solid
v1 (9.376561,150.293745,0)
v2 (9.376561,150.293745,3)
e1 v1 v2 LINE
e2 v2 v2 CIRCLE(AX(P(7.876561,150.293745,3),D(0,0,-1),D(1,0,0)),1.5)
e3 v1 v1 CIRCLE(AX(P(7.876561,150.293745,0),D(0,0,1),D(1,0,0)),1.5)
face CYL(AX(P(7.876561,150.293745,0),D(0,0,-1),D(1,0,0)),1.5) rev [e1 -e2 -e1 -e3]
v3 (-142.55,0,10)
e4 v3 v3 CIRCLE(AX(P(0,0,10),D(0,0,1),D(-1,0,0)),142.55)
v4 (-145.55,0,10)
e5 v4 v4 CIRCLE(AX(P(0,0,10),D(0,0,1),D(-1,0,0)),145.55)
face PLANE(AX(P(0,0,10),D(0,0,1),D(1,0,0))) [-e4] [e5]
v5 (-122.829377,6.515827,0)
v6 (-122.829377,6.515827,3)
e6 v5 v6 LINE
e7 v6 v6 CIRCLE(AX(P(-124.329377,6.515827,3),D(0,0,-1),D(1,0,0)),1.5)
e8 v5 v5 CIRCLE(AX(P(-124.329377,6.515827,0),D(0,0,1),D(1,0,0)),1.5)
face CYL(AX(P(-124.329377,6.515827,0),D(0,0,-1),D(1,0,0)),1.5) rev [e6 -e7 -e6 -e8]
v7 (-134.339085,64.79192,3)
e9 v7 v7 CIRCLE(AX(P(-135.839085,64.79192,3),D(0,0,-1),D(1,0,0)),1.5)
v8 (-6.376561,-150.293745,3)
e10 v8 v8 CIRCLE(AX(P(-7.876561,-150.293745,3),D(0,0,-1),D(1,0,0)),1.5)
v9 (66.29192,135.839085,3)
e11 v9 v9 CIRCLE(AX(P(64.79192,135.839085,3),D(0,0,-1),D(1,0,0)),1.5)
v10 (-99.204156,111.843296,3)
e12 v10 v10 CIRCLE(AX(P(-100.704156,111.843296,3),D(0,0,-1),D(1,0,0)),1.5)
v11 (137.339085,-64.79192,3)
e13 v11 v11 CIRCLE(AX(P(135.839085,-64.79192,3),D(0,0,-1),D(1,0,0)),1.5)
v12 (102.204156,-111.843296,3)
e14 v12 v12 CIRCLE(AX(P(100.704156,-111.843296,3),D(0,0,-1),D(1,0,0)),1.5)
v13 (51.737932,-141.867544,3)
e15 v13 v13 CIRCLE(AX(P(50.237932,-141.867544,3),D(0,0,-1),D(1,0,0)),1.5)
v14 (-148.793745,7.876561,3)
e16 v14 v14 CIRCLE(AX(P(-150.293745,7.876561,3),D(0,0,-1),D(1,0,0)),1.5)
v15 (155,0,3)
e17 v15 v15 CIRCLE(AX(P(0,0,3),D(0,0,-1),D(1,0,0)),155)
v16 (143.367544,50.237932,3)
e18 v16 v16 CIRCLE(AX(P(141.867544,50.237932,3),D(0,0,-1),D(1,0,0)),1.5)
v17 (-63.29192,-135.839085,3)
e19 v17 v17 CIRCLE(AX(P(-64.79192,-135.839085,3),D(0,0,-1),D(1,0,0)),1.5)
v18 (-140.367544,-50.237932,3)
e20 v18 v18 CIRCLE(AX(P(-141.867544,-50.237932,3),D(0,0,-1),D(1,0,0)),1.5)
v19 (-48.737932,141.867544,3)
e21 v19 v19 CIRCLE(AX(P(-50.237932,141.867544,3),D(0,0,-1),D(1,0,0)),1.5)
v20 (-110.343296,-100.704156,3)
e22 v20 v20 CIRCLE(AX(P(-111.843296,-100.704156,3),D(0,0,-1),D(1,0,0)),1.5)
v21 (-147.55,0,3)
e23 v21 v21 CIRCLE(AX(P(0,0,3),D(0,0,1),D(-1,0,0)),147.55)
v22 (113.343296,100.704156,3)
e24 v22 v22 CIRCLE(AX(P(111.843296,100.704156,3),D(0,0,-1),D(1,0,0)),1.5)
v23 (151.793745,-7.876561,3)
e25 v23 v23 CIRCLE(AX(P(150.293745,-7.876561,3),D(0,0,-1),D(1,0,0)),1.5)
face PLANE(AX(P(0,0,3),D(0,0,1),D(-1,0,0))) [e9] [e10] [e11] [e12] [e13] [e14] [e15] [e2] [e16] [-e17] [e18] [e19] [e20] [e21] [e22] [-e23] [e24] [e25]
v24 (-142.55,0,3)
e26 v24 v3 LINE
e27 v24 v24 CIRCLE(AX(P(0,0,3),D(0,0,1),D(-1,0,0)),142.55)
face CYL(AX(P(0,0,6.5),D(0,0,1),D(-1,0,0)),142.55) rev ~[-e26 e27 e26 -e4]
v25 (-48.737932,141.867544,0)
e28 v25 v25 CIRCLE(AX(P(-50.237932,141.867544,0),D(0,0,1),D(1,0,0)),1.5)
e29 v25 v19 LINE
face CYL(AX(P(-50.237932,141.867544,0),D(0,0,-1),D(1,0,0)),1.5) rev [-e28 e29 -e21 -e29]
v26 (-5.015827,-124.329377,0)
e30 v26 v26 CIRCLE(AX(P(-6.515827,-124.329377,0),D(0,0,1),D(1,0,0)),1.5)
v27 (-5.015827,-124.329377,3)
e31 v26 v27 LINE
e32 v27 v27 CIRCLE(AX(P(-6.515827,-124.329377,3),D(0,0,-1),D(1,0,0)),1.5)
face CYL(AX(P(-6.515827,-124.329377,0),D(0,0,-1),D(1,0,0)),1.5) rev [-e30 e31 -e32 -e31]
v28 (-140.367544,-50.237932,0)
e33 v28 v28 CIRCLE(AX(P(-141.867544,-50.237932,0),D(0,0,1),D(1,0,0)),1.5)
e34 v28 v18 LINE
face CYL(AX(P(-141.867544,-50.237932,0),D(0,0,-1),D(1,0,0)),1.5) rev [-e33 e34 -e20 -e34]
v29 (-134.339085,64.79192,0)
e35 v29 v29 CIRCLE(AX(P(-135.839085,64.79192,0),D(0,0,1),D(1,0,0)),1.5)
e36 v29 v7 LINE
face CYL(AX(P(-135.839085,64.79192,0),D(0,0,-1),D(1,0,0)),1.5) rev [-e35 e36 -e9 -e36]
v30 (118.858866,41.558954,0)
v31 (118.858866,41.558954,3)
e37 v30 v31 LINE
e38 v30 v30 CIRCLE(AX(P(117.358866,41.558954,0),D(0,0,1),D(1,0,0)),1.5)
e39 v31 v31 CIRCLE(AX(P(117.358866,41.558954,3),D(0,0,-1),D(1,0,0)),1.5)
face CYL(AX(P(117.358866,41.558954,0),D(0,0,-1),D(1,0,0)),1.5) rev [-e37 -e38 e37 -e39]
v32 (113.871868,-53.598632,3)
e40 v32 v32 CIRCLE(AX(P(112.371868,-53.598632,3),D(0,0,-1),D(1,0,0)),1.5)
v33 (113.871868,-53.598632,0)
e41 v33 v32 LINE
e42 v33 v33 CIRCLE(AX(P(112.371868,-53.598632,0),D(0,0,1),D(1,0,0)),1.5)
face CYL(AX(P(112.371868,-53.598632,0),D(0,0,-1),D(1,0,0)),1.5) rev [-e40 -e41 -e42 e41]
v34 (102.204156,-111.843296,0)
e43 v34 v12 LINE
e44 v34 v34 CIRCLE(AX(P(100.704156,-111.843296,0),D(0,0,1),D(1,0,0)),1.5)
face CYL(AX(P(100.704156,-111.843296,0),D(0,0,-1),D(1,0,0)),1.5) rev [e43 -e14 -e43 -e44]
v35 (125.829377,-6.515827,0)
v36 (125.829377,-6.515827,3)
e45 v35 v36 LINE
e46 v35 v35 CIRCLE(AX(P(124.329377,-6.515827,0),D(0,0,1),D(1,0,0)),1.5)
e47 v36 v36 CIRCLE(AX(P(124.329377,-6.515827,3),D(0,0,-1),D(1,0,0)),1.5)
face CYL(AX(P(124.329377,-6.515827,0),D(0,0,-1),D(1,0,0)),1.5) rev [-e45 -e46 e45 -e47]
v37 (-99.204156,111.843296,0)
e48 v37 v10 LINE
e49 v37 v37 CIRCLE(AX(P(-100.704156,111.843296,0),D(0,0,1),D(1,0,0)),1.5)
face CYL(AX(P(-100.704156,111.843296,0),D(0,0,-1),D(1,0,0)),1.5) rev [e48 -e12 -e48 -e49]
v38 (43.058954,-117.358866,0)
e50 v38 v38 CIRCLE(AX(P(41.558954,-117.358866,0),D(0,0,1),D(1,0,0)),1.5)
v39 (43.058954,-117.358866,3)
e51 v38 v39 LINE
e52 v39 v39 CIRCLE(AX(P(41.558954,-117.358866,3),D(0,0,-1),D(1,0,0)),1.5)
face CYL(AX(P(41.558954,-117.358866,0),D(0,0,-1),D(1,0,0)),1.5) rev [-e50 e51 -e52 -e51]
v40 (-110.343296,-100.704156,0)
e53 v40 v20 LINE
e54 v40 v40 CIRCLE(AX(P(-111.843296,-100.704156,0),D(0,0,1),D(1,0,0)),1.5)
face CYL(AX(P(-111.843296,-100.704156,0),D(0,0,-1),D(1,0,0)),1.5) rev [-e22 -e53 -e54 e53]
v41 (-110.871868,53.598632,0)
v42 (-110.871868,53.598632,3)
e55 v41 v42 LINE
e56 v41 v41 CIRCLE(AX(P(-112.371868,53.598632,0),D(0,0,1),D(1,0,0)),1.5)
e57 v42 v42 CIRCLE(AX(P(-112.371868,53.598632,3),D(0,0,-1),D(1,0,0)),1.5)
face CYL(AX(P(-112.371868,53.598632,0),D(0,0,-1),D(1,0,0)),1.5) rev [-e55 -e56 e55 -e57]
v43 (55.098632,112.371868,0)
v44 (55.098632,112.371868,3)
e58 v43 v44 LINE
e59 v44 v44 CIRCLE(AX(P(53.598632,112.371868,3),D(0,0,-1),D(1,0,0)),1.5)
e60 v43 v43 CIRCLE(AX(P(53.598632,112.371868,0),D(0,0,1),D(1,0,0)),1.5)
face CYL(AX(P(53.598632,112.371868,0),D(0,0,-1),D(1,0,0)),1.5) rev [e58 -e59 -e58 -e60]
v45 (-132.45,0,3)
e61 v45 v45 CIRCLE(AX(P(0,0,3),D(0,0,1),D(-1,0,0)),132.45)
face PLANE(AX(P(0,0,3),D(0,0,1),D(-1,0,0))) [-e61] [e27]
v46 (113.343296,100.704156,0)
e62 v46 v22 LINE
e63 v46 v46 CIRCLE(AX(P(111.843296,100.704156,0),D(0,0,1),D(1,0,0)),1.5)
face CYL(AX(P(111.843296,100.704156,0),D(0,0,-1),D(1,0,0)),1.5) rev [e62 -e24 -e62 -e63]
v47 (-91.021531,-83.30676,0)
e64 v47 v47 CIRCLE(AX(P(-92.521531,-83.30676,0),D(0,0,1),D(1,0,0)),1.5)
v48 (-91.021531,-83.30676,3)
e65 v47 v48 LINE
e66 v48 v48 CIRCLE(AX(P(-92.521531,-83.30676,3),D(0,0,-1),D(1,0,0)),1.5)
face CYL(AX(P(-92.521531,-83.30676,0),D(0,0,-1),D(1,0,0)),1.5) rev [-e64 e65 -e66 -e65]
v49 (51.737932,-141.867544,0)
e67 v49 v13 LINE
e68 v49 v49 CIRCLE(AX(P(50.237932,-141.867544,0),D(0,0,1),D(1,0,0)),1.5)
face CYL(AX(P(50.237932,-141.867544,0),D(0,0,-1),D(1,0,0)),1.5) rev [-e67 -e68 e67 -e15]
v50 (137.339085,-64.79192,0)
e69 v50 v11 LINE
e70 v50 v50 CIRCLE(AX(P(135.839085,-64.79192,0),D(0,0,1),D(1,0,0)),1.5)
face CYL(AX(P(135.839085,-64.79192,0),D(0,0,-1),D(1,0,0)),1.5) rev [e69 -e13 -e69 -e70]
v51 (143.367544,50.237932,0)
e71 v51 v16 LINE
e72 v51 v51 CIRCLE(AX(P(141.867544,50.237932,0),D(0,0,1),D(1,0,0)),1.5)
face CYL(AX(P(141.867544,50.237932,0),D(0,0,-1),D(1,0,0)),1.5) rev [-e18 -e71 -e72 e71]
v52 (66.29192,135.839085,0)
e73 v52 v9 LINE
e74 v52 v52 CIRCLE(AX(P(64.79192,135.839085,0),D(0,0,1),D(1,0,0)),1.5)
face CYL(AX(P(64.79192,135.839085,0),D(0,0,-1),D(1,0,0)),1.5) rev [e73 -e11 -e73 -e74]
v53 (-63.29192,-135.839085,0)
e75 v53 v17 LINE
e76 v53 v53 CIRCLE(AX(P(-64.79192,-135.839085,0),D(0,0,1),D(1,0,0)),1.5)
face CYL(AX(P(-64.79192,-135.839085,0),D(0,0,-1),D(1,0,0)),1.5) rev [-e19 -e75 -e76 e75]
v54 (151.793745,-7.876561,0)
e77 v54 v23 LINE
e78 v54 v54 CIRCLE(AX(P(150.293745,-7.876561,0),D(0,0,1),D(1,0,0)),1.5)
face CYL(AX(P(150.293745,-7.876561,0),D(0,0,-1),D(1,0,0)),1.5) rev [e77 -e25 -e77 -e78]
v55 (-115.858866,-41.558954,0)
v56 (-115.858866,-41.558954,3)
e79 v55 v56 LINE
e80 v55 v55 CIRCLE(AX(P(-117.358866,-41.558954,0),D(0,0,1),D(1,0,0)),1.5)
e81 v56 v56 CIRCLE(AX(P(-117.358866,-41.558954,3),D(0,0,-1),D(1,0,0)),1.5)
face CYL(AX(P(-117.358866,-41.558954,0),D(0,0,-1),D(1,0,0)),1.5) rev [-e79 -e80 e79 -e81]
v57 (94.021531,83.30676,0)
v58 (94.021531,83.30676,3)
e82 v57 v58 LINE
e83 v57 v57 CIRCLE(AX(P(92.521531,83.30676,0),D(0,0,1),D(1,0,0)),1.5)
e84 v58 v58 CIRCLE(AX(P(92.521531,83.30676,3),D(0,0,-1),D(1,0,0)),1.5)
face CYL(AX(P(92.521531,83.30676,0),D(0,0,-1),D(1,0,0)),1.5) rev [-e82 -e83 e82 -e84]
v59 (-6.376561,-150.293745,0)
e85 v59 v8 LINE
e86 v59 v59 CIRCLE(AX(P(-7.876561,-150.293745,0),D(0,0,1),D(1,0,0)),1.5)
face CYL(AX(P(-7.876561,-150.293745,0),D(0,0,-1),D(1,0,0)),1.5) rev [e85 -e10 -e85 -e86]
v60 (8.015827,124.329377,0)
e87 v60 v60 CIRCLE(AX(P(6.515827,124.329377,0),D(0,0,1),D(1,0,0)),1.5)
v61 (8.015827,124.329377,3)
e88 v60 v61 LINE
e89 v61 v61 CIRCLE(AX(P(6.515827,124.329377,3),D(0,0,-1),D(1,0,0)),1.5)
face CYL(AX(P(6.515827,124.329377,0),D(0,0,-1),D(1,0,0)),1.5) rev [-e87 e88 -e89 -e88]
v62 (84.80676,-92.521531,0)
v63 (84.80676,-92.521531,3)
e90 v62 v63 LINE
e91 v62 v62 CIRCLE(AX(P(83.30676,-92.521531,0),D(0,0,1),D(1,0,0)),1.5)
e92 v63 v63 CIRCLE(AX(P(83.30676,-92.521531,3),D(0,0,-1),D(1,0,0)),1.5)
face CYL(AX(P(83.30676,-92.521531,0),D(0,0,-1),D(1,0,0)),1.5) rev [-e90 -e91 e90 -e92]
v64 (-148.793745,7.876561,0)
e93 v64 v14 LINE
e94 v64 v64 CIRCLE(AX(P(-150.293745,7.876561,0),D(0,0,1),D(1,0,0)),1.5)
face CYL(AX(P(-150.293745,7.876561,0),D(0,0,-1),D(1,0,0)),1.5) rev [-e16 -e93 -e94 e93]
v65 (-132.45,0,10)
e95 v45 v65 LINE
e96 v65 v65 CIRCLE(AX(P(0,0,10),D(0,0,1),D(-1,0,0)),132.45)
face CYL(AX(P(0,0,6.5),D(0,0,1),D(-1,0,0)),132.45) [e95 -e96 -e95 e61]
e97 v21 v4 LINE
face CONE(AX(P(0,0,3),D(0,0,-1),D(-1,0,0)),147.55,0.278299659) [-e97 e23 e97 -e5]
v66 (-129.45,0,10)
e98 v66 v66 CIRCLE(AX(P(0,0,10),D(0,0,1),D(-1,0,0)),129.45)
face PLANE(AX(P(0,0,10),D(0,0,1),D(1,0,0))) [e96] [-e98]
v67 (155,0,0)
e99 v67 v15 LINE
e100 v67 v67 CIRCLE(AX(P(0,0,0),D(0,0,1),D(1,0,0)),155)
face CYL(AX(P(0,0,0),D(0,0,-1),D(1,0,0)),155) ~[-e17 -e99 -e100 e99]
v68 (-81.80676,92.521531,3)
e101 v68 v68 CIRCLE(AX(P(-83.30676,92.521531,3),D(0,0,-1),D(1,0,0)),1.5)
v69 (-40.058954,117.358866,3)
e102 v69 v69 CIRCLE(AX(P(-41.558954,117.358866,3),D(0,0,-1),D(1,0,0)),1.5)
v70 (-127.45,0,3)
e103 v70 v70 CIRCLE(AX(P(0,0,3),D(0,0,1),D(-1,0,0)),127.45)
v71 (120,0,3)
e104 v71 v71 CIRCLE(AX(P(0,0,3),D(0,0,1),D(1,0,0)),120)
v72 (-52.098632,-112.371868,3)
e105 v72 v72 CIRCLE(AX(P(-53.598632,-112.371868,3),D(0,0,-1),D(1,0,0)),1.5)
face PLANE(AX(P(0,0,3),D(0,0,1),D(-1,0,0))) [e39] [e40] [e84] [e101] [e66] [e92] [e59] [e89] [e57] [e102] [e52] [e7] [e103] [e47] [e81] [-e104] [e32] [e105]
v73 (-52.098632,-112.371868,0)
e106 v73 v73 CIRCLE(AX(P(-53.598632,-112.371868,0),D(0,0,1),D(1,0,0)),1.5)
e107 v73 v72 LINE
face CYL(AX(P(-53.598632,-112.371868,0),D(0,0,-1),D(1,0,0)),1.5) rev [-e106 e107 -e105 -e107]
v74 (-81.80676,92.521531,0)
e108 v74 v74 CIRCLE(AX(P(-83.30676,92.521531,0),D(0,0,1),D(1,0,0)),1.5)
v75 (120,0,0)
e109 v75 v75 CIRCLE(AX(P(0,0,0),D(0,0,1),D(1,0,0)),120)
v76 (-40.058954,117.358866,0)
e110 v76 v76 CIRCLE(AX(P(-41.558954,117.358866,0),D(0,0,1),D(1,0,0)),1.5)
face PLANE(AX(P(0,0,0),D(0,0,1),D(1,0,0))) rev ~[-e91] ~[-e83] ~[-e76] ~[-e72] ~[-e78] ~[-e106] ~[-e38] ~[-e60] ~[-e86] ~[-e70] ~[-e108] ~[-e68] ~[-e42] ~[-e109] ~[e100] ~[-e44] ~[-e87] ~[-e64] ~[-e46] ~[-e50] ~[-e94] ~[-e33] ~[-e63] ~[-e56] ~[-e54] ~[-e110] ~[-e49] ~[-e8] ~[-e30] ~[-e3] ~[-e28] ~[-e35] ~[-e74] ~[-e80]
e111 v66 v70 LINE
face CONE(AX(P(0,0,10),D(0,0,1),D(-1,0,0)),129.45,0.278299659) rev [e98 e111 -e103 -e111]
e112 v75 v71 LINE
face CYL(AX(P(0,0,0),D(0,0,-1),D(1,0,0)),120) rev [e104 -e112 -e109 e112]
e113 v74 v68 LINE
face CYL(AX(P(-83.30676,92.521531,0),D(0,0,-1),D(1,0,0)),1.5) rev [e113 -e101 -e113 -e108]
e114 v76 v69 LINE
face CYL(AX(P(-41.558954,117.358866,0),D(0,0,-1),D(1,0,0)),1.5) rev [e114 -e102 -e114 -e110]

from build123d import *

# Parameters (mm, degrees)
F0_R     = 155
F0_R_2   = 1.5
F0_R_3   = 120
F1_DEPTH = 10
F2_W     = 10.1
F2_H     = 7


with BuildPart() as f1:
    # F0 (on Top) → F1 (new body)
    with BuildSketch(Plane.XY):
        Circle(F0_R)
        with Locations((-111.843296, -100.704156)):
            Circle(F0_R_2, mode=Mode.SUBTRACT)
        with Locations((-92.521531, -83.30676)):
            Circle(F0_R_2, mode=Mode.SUBTRACT)
        with Locations((-64.79192, -135.839085)):
            Circle(F0_R_2, mode=Mode.SUBTRACT)
        with Locations((-7.876561, -150.293745)):
            Circle(F0_R_2, mode=Mode.SUBTRACT)
        with Locations((-6.515827, -124.329377)):
            Circle(F0_R_2, mode=Mode.SUBTRACT)
        with Locations((-53.598632, -112.371868)):
            Circle(F0_R_2, mode=Mode.SUBTRACT)
        with Locations((-141.867544, -50.237932)):
            Circle(F0_R_2, mode=Mode.SUBTRACT)
        with Locations((-117.358866, -41.558954)):
            Circle(F0_R_2, mode=Mode.SUBTRACT)
        with Locations((50.237932, -141.867544)):
            Circle(F0_R_2, mode=Mode.SUBTRACT)
        with Locations((41.558954, -117.358866)):
            Circle(F0_R_2, mode=Mode.SUBTRACT)
        with Locations((100.704156, -111.843296)):
            Circle(F0_R_2, mode=Mode.SUBTRACT)
        with Locations((83.30676, -92.521531)):
            Circle(F0_R_2, mode=Mode.SUBTRACT)
        with Locations((112.371868, -53.598632)):
            Circle(F0_R_2, mode=Mode.SUBTRACT)
        with Locations((135.839085, -64.79192)):
            Circle(F0_R_2, mode=Mode.SUBTRACT)
        with Locations((124.329377, -6.515827)):
            Circle(F0_R_2, mode=Mode.SUBTRACT)
        with Locations((150.293745, -7.876561)):
            Circle(F0_R_2, mode=Mode.SUBTRACT)
        with Locations((-150.293745, 7.876561)):
            Circle(F0_R_2, mode=Mode.SUBTRACT)
        with Locations((-124.329377, 6.515827)):
            Circle(F0_R_2, mode=Mode.SUBTRACT)
        with Locations((-135.839085, 64.79192)):
            Circle(F0_R_2, mode=Mode.SUBTRACT)
        with Locations((-112.371868, 53.598632)):
            Circle(F0_R_2, mode=Mode.SUBTRACT)
        with Locations((-83.30676, 92.521531)):
            Circle(F0_R_2, mode=Mode.SUBTRACT)
        with Locations((-100.704156, 111.843296)):
            Circle(F0_R_2, mode=Mode.SUBTRACT)
        with Locations((-41.558954, 117.358866)):
            Circle(F0_R_2, mode=Mode.SUBTRACT)
        with Locations((-50.237932, 141.867544)):
            Circle(F0_R_2, mode=Mode.SUBTRACT)
        Circle(F0_R_3, mode=Mode.SUBTRACT)
        with Locations((117.358866, 41.558954)):
            Circle(F0_R_2, mode=Mode.SUBTRACT)
        with Locations((141.867544, 50.237932)):
            Circle(F0_R_2, mode=Mode.SUBTRACT)
        with Locations((53.598632, 112.371868)):
            Circle(F0_R_2, mode=Mode.SUBTRACT)
        with Locations((6.515827, 124.329377)):
            Circle(F0_R_2, mode=Mode.SUBTRACT)
        with Locations((7.876561, 150.293745)):
            Circle(F0_R_2, mode=Mode.SUBTRACT)
        with Locations((64.79192, 135.839085)):
            Circle(F0_R_2, mode=Mode.SUBTRACT)
        with Locations((92.521531, 83.30676)):
            Circle(F0_R_2, mode=Mode.SUBTRACT)
        with Locations((111.843296, 100.704156)):
            Circle(F0_R_2, mode=Mode.SUBTRACT)
    extrude(amount=F1_DEPTH)

    # F2 (on Front) → F3 (revolve, cut)
    with BuildSketch(Plane.XZ):
        Polygon((-155, 10), (-155, 3), (-147.55, 3), (-145.55, 10), align=None)
        Polygon((-120, 10), (-129.45, 10), (-127.45, 3), (-120, 3), align=None)
        with Locations((-137.5, 6.5)):
            Rectangle(F2_W, F2_H)
    revolve(axis=Axis((0, 0, 48.400935), (0, 0, 1)), mode=Mode.SUBTRACT)


solid = f1.part
